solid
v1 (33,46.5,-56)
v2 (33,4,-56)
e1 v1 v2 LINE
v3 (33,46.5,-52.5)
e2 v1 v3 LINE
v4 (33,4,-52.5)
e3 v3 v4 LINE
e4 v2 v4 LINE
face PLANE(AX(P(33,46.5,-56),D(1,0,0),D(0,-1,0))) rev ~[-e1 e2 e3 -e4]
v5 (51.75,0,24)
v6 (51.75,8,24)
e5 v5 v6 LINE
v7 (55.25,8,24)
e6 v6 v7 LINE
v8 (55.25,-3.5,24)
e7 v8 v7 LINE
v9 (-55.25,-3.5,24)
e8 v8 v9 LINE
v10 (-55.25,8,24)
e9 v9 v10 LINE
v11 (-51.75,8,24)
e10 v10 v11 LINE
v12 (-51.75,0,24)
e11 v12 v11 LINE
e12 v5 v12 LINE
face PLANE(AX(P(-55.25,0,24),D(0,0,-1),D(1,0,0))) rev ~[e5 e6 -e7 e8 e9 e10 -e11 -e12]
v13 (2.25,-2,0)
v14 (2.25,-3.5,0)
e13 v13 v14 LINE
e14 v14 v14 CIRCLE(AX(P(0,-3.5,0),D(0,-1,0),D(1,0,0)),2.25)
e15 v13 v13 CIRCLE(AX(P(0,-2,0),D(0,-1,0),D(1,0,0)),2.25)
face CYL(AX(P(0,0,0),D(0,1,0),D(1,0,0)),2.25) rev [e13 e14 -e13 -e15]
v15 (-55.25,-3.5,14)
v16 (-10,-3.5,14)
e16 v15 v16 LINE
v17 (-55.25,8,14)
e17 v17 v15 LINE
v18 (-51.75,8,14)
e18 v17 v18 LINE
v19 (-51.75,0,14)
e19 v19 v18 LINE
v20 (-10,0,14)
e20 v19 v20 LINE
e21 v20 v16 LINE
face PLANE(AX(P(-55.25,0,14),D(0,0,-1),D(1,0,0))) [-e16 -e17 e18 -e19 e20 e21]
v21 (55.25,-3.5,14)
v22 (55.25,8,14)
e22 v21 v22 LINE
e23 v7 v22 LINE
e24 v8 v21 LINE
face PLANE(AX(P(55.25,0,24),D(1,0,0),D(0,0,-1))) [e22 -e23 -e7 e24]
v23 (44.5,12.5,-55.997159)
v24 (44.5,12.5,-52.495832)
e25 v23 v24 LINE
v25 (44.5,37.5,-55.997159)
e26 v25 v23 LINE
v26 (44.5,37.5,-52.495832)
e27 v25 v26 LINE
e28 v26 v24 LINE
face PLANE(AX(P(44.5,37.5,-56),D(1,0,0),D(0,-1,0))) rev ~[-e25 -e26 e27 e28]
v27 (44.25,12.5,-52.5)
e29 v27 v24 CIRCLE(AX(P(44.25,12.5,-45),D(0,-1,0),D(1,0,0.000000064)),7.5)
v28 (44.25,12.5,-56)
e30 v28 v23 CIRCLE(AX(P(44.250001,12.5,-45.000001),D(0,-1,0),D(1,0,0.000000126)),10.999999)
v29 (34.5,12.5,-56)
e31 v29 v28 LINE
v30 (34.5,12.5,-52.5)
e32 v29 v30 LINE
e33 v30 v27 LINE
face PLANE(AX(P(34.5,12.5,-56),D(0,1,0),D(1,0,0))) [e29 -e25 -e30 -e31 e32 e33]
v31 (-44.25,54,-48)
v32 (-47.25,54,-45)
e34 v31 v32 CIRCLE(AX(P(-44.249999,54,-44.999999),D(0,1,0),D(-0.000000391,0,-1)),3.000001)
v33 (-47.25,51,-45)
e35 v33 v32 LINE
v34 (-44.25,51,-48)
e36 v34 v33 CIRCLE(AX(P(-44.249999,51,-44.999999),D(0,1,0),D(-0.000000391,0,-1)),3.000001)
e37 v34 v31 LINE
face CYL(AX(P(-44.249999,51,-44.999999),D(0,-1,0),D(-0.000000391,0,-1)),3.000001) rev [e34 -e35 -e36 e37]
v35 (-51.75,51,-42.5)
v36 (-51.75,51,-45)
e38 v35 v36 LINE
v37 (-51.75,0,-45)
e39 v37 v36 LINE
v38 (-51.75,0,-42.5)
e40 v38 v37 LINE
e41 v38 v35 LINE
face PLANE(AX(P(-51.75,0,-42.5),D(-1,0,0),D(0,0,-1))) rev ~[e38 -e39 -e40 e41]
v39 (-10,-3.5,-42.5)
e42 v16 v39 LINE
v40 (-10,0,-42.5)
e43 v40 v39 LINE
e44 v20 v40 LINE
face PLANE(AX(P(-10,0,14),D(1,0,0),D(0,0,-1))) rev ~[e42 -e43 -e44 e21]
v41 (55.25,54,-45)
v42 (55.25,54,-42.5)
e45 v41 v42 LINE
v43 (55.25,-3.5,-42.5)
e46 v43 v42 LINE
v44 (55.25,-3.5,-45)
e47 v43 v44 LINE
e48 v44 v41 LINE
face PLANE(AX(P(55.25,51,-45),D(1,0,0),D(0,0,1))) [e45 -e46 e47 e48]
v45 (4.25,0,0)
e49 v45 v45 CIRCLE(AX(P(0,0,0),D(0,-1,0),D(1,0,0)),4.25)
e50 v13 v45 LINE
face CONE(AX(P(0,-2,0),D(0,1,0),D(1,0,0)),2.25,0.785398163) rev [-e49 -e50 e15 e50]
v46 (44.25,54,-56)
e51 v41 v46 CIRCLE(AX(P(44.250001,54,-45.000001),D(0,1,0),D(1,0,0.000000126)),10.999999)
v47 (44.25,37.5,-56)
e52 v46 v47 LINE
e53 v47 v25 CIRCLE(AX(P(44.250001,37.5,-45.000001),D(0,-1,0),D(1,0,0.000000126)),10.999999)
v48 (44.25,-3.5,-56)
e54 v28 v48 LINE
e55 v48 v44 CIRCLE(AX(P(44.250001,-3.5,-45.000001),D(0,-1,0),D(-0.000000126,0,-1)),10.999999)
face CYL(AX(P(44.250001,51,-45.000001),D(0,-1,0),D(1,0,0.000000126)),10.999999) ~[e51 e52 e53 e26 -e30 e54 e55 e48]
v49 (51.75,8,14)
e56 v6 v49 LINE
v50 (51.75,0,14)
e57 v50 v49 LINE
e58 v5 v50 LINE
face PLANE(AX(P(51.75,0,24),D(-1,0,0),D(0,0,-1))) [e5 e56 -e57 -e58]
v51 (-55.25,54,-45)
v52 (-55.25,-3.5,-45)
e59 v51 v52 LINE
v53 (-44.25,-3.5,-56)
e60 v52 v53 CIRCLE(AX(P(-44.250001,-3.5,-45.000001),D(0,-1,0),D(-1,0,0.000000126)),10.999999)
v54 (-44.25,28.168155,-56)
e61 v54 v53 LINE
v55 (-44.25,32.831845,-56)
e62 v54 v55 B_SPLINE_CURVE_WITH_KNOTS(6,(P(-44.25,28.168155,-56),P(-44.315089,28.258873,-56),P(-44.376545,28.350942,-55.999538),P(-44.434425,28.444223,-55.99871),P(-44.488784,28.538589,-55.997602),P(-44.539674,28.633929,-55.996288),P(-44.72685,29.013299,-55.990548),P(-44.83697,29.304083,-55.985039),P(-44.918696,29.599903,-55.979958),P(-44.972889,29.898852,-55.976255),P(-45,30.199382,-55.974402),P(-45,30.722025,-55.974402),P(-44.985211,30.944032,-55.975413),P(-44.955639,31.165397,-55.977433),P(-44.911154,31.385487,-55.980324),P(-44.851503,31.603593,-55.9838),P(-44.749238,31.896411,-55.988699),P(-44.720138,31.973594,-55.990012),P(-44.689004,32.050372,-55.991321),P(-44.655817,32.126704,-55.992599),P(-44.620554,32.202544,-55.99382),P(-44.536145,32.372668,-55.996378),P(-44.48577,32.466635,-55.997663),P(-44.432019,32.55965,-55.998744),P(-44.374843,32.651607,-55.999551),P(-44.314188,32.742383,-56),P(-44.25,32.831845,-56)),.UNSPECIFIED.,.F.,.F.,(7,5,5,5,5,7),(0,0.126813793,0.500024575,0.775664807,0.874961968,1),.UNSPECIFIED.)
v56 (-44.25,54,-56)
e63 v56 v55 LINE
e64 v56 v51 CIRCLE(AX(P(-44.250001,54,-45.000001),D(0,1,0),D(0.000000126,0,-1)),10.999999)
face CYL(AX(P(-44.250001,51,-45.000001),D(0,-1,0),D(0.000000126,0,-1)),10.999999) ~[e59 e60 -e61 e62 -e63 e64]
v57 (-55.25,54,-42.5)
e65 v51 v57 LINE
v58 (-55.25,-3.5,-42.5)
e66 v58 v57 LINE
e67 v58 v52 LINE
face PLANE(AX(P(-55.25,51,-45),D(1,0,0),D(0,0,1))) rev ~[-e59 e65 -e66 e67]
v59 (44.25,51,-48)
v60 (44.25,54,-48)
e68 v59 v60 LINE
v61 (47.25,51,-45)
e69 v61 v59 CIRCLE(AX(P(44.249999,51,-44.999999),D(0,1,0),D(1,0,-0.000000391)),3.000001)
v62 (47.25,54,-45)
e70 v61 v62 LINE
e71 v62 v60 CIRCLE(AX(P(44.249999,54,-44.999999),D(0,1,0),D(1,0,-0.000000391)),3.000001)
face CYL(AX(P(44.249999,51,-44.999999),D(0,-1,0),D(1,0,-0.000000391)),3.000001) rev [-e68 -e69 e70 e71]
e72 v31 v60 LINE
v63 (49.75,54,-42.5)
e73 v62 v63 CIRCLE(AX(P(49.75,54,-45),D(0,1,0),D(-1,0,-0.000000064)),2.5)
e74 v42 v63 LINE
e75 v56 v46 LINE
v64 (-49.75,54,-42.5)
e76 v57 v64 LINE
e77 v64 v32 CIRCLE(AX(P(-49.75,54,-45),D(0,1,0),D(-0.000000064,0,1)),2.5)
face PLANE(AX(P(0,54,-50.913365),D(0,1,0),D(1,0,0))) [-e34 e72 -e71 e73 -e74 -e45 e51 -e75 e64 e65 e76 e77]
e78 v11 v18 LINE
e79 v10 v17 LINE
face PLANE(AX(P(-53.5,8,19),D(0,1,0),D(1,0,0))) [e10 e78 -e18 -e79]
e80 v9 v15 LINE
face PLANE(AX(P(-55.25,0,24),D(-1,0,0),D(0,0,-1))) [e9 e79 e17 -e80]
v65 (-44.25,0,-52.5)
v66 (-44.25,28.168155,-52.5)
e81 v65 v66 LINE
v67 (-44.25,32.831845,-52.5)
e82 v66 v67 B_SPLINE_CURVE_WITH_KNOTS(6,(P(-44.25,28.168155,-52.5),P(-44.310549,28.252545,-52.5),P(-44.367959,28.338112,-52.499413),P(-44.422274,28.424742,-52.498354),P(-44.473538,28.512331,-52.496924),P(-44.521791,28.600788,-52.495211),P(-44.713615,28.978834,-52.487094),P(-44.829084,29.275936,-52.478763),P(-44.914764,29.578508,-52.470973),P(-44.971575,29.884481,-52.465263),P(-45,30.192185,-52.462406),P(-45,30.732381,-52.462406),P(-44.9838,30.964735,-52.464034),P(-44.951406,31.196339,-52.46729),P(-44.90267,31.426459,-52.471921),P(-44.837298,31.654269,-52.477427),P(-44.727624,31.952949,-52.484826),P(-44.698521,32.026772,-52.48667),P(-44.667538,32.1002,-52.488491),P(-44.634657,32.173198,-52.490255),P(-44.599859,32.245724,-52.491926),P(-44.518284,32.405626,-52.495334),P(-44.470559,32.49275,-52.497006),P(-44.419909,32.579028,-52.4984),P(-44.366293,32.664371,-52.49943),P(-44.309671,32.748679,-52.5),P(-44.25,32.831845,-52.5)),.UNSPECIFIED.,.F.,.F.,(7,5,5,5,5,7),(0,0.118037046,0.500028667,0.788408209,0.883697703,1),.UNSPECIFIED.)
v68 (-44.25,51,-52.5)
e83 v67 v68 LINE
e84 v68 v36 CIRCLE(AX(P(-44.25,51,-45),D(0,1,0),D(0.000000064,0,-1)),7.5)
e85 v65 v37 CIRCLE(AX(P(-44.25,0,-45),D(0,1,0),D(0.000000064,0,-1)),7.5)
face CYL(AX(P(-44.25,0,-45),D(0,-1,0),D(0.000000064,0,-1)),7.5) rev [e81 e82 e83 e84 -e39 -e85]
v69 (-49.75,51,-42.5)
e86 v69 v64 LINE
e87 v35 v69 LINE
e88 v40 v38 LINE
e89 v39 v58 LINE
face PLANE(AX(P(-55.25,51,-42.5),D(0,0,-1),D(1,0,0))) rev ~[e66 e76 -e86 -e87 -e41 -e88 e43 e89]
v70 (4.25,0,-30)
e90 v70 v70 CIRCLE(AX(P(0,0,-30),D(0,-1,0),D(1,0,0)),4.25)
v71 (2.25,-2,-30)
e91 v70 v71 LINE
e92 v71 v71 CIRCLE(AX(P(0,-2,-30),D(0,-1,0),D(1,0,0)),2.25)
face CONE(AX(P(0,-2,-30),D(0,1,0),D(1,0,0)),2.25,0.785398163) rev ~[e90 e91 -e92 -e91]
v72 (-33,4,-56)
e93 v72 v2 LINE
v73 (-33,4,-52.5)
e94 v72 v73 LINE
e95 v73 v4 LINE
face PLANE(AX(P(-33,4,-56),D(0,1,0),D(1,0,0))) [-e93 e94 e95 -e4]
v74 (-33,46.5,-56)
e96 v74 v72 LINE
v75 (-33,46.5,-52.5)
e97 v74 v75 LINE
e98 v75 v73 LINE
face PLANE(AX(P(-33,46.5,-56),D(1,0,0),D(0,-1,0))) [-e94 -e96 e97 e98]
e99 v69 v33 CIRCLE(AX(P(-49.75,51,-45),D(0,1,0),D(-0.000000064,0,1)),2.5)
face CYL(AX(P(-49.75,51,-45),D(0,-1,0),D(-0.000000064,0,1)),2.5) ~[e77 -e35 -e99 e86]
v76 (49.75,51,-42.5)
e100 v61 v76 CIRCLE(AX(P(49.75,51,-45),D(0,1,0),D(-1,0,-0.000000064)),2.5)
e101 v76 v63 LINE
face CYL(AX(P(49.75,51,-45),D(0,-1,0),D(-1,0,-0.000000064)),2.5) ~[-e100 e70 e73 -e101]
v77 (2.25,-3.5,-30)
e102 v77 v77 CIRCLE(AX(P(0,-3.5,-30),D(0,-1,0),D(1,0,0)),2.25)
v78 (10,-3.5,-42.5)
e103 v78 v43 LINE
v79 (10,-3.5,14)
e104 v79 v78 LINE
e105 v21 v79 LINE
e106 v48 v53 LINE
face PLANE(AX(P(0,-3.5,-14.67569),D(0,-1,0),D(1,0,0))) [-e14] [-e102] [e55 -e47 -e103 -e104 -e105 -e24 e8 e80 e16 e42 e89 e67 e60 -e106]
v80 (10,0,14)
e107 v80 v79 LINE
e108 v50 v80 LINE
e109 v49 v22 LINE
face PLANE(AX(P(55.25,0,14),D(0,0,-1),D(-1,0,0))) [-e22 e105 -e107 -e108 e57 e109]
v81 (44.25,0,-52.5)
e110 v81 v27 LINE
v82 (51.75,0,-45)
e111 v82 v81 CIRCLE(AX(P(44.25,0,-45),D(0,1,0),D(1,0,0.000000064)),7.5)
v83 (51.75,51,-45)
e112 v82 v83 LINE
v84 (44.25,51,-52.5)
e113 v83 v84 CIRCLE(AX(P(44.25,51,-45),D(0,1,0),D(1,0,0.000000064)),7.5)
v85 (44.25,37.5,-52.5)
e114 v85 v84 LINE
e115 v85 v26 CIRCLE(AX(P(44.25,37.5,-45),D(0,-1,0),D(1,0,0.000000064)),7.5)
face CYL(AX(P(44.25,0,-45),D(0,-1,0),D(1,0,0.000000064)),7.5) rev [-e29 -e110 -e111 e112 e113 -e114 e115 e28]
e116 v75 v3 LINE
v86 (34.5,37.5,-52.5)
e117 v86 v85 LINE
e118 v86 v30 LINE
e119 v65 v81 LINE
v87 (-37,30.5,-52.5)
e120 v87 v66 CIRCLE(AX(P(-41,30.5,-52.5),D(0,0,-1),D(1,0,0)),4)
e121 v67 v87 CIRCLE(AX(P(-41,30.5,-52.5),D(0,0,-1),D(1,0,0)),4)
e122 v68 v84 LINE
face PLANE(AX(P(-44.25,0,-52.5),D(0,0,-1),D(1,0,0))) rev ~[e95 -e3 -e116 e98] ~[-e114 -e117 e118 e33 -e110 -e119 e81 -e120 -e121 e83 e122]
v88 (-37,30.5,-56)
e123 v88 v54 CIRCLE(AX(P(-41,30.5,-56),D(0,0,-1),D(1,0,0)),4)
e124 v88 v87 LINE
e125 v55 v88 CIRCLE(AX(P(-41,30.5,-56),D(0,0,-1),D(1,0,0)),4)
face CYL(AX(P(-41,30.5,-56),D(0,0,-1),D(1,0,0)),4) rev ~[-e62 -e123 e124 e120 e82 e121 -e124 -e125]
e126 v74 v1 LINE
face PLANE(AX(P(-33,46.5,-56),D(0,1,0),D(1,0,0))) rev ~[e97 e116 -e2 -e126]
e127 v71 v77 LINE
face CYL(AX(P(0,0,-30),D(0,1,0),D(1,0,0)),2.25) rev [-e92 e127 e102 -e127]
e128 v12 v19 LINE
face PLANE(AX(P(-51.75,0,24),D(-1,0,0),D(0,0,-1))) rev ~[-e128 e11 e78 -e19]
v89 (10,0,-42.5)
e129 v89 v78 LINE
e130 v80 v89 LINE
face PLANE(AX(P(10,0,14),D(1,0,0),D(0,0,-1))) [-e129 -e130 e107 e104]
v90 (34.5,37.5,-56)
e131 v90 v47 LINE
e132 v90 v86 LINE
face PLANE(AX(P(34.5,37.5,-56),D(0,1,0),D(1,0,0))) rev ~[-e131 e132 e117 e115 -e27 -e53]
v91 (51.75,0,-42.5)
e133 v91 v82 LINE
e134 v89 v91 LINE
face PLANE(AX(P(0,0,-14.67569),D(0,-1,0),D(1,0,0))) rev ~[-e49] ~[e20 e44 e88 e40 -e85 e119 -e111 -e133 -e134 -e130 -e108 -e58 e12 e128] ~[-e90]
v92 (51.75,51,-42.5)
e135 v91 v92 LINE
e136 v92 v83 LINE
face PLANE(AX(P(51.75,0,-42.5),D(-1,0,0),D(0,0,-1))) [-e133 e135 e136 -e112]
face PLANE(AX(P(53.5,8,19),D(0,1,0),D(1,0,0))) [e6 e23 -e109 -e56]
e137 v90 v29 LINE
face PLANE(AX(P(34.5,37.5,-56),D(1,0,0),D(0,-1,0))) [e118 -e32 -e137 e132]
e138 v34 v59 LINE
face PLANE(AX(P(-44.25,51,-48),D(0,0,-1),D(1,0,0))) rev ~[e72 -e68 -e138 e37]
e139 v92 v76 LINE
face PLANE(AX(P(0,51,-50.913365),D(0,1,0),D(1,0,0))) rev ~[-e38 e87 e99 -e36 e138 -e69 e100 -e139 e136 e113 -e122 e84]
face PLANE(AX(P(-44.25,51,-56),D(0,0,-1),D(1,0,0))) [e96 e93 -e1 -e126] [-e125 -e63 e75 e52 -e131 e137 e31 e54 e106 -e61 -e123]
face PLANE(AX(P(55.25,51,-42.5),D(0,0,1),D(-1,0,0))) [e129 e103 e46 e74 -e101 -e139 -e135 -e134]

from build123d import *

# Parameters (mm, degrees)
SKETCH067_R     = 2.25
PAD050_DEPTH    = 3.5
PAD051_DEPTH    = 51
PAD052_DEPTH    = 3
CHAMFER005_SIZE = 2
SKETCH070_R     = 4
SKETCH070_W     = 66
SKETCH070_H     = 42.5
SKETCH070_W_2   = 10
SKETCH070_H_2   = 25
POCKET033_DEPTH = 80.001
SKETCH071_W     = 3.5
SKETCH071_H     = 10
PAD053_DEPTH    = 8


with BuildPart() as part:
    # Sketch067 → Pad050 (new body)
    with BuildSketch(Plane.XZ):
        with BuildLine():
            Line((55.25, 24), (-55.25, 24))
            Line((-55.25, 24), (-55.25, 14))
            Line((-55.25, 14), (-10, 14))
            Line((-10, 14), (-10, -42.5))
            Line((-10, -42.5), (-55.25, -42.5))
            Line((-55.25, -42.5), (-55.25, -45))
            ThreePointArc((-55.25, -45), (-52.028175, -52.778175), (-44.25, -56))
            Line((44.25, -56), (-44.25, -56))
            ThreePointArc((44.25, -56), (52.028175, -52.778175), (55.25, -45))
            Line((55.25, -42.5), (55.25, -45))
            Line((10, -42.5), (55.25, -42.5))
            Line((10, 14), (10, -42.5))
            Line((55.25, 14), (10, 14))
            Line((55.25, 24), (55.25, 14))
        make_face()
        Circle(SKETCH067_R, mode=Mode.SUBTRACT)
        with Locations((0, -30)):
            Circle(SKETCH067_R, mode=Mode.SUBTRACT)
    extrude(amount=PAD050_DEPTH)

    # Sketch068 (on Face17 of Pad050) → Pad051 (join)
    with BuildSketch(Plane(origin=(0, 0, 0), x_dir=(1, 0, 0), z_dir=(0, 1, 0))):
        with BuildLine():
            Line((-55.25, 45), (-55.25, 42.5))
            Line((-55.25, 42.5), (-51.75, 42.5))
            Line((-51.75, 42.5), (-51.75, 45))
            ThreePointArc((-44.25, 52.5), (-49.553301, 50.303301), (-51.75, 45))
            Line((-44.25, 52.5), (44.25, 52.5))
            ThreePointArc((51.75, 45), (49.553301, 50.303301), (44.25, 52.5))
            Line((51.75, 42.5), (51.75, 45))
            Line((55.25, 42.5), (51.75, 42.5))
            Line((55.25, 45), (55.25, 42.5))
            ThreePointArc((55.25, 45), (52.028175, 52.778175), (44.25, 56))
            Line((-44.25, 56), (44.25, 56))
            ThreePointArc((-44.25, 56), (-52.028175, 52.778175), (-55.25, 45))
        make_face()
    extrude(amount=PAD051_DEPTH)

    # Sketch069 (on Face17 of Pad051) → Pad052 (join)
    with BuildSketch(Plane(origin=(0, 51, 0), x_dir=(1, 0, 0), z_dir=(0, 1, 0))):
        with BuildLine():
            Line((-55.25, 45), (-55.25, 42.5))
            Line((-55.25, 42.5), (-49.75, 42.5))
            ThreePointArc((-49.75, 42.5), (-47.982233, 43.232233), (-47.25, 45))
            ThreePointArc((-44.25, 48), (-46.37132, 47.12132), (-47.25, 45))
            Line((-44.25, 48), (44.25, 48))
            ThreePointArc((47.25, 45), (46.37132, 47.12132), (44.25, 48))
            ThreePointArc((47.25, 45), (47.982233, 43.232233), (49.75, 42.5))
            Line((55.25, 42.5), (49.75, 42.5))
            Line((55.25, 45), (55.25, 42.5))
            ThreePointArc((55.25, 45), (52.028175, 52.778175), (44.25, 56))
            Line((-44.25, 56), (44.25, 56))
            ThreePointArc((-44.25, 56), (-52.028175, 52.778175), (-55.25, 45))
        make_face()
    extrude(amount=PAD052_DEPTH)

    # Chamfer005
    chamfer005_edges = [part.edges().sort_by_distance(p)[0] for p in [
        (-2.25, 0, -30),
        (-2.25, 0, 0),
    ]]
    chamfer(chamfer005_edges, length=CHAMFER005_SIZE)

    # Sketch070 (on Face28 of Chamfer005) → Pocket033 (cut, through all)
    with BuildSketch(Plane(origin=(0, 0, -56), x_dir=(1, 0, 0), z_dir=(0, 0, -1))):
        with Locations((-41, -30.5)):
            Circle(SKETCH070_R)
        with Locations((0, -25.25)):
            Rectangle(SKETCH070_W, SKETCH070_H)
        with Locations((39.5, -25)):
            Rectangle(SKETCH070_W_2, SKETCH070_H_2)
    extrude(amount=-POCKET033_DEPTH, mode=Mode.SUBTRACT)

    # Sketch071 (on Face4 of Pad051) → Pad053 (join)
    with BuildSketch(Plane(origin=(0, 0, 0), x_dir=(1, 0, 0), z_dir=(0, 1, 0))):
        with Locations((-53.5, -19)):
            Rectangle(SKETCH071_W, SKETCH071_H)
        with Locations((53.5, -19)):
            Rectangle(SKETCH071_W, SKETCH071_H)
    extrude(amount=PAD053_DEPTH)


solid = part.part
